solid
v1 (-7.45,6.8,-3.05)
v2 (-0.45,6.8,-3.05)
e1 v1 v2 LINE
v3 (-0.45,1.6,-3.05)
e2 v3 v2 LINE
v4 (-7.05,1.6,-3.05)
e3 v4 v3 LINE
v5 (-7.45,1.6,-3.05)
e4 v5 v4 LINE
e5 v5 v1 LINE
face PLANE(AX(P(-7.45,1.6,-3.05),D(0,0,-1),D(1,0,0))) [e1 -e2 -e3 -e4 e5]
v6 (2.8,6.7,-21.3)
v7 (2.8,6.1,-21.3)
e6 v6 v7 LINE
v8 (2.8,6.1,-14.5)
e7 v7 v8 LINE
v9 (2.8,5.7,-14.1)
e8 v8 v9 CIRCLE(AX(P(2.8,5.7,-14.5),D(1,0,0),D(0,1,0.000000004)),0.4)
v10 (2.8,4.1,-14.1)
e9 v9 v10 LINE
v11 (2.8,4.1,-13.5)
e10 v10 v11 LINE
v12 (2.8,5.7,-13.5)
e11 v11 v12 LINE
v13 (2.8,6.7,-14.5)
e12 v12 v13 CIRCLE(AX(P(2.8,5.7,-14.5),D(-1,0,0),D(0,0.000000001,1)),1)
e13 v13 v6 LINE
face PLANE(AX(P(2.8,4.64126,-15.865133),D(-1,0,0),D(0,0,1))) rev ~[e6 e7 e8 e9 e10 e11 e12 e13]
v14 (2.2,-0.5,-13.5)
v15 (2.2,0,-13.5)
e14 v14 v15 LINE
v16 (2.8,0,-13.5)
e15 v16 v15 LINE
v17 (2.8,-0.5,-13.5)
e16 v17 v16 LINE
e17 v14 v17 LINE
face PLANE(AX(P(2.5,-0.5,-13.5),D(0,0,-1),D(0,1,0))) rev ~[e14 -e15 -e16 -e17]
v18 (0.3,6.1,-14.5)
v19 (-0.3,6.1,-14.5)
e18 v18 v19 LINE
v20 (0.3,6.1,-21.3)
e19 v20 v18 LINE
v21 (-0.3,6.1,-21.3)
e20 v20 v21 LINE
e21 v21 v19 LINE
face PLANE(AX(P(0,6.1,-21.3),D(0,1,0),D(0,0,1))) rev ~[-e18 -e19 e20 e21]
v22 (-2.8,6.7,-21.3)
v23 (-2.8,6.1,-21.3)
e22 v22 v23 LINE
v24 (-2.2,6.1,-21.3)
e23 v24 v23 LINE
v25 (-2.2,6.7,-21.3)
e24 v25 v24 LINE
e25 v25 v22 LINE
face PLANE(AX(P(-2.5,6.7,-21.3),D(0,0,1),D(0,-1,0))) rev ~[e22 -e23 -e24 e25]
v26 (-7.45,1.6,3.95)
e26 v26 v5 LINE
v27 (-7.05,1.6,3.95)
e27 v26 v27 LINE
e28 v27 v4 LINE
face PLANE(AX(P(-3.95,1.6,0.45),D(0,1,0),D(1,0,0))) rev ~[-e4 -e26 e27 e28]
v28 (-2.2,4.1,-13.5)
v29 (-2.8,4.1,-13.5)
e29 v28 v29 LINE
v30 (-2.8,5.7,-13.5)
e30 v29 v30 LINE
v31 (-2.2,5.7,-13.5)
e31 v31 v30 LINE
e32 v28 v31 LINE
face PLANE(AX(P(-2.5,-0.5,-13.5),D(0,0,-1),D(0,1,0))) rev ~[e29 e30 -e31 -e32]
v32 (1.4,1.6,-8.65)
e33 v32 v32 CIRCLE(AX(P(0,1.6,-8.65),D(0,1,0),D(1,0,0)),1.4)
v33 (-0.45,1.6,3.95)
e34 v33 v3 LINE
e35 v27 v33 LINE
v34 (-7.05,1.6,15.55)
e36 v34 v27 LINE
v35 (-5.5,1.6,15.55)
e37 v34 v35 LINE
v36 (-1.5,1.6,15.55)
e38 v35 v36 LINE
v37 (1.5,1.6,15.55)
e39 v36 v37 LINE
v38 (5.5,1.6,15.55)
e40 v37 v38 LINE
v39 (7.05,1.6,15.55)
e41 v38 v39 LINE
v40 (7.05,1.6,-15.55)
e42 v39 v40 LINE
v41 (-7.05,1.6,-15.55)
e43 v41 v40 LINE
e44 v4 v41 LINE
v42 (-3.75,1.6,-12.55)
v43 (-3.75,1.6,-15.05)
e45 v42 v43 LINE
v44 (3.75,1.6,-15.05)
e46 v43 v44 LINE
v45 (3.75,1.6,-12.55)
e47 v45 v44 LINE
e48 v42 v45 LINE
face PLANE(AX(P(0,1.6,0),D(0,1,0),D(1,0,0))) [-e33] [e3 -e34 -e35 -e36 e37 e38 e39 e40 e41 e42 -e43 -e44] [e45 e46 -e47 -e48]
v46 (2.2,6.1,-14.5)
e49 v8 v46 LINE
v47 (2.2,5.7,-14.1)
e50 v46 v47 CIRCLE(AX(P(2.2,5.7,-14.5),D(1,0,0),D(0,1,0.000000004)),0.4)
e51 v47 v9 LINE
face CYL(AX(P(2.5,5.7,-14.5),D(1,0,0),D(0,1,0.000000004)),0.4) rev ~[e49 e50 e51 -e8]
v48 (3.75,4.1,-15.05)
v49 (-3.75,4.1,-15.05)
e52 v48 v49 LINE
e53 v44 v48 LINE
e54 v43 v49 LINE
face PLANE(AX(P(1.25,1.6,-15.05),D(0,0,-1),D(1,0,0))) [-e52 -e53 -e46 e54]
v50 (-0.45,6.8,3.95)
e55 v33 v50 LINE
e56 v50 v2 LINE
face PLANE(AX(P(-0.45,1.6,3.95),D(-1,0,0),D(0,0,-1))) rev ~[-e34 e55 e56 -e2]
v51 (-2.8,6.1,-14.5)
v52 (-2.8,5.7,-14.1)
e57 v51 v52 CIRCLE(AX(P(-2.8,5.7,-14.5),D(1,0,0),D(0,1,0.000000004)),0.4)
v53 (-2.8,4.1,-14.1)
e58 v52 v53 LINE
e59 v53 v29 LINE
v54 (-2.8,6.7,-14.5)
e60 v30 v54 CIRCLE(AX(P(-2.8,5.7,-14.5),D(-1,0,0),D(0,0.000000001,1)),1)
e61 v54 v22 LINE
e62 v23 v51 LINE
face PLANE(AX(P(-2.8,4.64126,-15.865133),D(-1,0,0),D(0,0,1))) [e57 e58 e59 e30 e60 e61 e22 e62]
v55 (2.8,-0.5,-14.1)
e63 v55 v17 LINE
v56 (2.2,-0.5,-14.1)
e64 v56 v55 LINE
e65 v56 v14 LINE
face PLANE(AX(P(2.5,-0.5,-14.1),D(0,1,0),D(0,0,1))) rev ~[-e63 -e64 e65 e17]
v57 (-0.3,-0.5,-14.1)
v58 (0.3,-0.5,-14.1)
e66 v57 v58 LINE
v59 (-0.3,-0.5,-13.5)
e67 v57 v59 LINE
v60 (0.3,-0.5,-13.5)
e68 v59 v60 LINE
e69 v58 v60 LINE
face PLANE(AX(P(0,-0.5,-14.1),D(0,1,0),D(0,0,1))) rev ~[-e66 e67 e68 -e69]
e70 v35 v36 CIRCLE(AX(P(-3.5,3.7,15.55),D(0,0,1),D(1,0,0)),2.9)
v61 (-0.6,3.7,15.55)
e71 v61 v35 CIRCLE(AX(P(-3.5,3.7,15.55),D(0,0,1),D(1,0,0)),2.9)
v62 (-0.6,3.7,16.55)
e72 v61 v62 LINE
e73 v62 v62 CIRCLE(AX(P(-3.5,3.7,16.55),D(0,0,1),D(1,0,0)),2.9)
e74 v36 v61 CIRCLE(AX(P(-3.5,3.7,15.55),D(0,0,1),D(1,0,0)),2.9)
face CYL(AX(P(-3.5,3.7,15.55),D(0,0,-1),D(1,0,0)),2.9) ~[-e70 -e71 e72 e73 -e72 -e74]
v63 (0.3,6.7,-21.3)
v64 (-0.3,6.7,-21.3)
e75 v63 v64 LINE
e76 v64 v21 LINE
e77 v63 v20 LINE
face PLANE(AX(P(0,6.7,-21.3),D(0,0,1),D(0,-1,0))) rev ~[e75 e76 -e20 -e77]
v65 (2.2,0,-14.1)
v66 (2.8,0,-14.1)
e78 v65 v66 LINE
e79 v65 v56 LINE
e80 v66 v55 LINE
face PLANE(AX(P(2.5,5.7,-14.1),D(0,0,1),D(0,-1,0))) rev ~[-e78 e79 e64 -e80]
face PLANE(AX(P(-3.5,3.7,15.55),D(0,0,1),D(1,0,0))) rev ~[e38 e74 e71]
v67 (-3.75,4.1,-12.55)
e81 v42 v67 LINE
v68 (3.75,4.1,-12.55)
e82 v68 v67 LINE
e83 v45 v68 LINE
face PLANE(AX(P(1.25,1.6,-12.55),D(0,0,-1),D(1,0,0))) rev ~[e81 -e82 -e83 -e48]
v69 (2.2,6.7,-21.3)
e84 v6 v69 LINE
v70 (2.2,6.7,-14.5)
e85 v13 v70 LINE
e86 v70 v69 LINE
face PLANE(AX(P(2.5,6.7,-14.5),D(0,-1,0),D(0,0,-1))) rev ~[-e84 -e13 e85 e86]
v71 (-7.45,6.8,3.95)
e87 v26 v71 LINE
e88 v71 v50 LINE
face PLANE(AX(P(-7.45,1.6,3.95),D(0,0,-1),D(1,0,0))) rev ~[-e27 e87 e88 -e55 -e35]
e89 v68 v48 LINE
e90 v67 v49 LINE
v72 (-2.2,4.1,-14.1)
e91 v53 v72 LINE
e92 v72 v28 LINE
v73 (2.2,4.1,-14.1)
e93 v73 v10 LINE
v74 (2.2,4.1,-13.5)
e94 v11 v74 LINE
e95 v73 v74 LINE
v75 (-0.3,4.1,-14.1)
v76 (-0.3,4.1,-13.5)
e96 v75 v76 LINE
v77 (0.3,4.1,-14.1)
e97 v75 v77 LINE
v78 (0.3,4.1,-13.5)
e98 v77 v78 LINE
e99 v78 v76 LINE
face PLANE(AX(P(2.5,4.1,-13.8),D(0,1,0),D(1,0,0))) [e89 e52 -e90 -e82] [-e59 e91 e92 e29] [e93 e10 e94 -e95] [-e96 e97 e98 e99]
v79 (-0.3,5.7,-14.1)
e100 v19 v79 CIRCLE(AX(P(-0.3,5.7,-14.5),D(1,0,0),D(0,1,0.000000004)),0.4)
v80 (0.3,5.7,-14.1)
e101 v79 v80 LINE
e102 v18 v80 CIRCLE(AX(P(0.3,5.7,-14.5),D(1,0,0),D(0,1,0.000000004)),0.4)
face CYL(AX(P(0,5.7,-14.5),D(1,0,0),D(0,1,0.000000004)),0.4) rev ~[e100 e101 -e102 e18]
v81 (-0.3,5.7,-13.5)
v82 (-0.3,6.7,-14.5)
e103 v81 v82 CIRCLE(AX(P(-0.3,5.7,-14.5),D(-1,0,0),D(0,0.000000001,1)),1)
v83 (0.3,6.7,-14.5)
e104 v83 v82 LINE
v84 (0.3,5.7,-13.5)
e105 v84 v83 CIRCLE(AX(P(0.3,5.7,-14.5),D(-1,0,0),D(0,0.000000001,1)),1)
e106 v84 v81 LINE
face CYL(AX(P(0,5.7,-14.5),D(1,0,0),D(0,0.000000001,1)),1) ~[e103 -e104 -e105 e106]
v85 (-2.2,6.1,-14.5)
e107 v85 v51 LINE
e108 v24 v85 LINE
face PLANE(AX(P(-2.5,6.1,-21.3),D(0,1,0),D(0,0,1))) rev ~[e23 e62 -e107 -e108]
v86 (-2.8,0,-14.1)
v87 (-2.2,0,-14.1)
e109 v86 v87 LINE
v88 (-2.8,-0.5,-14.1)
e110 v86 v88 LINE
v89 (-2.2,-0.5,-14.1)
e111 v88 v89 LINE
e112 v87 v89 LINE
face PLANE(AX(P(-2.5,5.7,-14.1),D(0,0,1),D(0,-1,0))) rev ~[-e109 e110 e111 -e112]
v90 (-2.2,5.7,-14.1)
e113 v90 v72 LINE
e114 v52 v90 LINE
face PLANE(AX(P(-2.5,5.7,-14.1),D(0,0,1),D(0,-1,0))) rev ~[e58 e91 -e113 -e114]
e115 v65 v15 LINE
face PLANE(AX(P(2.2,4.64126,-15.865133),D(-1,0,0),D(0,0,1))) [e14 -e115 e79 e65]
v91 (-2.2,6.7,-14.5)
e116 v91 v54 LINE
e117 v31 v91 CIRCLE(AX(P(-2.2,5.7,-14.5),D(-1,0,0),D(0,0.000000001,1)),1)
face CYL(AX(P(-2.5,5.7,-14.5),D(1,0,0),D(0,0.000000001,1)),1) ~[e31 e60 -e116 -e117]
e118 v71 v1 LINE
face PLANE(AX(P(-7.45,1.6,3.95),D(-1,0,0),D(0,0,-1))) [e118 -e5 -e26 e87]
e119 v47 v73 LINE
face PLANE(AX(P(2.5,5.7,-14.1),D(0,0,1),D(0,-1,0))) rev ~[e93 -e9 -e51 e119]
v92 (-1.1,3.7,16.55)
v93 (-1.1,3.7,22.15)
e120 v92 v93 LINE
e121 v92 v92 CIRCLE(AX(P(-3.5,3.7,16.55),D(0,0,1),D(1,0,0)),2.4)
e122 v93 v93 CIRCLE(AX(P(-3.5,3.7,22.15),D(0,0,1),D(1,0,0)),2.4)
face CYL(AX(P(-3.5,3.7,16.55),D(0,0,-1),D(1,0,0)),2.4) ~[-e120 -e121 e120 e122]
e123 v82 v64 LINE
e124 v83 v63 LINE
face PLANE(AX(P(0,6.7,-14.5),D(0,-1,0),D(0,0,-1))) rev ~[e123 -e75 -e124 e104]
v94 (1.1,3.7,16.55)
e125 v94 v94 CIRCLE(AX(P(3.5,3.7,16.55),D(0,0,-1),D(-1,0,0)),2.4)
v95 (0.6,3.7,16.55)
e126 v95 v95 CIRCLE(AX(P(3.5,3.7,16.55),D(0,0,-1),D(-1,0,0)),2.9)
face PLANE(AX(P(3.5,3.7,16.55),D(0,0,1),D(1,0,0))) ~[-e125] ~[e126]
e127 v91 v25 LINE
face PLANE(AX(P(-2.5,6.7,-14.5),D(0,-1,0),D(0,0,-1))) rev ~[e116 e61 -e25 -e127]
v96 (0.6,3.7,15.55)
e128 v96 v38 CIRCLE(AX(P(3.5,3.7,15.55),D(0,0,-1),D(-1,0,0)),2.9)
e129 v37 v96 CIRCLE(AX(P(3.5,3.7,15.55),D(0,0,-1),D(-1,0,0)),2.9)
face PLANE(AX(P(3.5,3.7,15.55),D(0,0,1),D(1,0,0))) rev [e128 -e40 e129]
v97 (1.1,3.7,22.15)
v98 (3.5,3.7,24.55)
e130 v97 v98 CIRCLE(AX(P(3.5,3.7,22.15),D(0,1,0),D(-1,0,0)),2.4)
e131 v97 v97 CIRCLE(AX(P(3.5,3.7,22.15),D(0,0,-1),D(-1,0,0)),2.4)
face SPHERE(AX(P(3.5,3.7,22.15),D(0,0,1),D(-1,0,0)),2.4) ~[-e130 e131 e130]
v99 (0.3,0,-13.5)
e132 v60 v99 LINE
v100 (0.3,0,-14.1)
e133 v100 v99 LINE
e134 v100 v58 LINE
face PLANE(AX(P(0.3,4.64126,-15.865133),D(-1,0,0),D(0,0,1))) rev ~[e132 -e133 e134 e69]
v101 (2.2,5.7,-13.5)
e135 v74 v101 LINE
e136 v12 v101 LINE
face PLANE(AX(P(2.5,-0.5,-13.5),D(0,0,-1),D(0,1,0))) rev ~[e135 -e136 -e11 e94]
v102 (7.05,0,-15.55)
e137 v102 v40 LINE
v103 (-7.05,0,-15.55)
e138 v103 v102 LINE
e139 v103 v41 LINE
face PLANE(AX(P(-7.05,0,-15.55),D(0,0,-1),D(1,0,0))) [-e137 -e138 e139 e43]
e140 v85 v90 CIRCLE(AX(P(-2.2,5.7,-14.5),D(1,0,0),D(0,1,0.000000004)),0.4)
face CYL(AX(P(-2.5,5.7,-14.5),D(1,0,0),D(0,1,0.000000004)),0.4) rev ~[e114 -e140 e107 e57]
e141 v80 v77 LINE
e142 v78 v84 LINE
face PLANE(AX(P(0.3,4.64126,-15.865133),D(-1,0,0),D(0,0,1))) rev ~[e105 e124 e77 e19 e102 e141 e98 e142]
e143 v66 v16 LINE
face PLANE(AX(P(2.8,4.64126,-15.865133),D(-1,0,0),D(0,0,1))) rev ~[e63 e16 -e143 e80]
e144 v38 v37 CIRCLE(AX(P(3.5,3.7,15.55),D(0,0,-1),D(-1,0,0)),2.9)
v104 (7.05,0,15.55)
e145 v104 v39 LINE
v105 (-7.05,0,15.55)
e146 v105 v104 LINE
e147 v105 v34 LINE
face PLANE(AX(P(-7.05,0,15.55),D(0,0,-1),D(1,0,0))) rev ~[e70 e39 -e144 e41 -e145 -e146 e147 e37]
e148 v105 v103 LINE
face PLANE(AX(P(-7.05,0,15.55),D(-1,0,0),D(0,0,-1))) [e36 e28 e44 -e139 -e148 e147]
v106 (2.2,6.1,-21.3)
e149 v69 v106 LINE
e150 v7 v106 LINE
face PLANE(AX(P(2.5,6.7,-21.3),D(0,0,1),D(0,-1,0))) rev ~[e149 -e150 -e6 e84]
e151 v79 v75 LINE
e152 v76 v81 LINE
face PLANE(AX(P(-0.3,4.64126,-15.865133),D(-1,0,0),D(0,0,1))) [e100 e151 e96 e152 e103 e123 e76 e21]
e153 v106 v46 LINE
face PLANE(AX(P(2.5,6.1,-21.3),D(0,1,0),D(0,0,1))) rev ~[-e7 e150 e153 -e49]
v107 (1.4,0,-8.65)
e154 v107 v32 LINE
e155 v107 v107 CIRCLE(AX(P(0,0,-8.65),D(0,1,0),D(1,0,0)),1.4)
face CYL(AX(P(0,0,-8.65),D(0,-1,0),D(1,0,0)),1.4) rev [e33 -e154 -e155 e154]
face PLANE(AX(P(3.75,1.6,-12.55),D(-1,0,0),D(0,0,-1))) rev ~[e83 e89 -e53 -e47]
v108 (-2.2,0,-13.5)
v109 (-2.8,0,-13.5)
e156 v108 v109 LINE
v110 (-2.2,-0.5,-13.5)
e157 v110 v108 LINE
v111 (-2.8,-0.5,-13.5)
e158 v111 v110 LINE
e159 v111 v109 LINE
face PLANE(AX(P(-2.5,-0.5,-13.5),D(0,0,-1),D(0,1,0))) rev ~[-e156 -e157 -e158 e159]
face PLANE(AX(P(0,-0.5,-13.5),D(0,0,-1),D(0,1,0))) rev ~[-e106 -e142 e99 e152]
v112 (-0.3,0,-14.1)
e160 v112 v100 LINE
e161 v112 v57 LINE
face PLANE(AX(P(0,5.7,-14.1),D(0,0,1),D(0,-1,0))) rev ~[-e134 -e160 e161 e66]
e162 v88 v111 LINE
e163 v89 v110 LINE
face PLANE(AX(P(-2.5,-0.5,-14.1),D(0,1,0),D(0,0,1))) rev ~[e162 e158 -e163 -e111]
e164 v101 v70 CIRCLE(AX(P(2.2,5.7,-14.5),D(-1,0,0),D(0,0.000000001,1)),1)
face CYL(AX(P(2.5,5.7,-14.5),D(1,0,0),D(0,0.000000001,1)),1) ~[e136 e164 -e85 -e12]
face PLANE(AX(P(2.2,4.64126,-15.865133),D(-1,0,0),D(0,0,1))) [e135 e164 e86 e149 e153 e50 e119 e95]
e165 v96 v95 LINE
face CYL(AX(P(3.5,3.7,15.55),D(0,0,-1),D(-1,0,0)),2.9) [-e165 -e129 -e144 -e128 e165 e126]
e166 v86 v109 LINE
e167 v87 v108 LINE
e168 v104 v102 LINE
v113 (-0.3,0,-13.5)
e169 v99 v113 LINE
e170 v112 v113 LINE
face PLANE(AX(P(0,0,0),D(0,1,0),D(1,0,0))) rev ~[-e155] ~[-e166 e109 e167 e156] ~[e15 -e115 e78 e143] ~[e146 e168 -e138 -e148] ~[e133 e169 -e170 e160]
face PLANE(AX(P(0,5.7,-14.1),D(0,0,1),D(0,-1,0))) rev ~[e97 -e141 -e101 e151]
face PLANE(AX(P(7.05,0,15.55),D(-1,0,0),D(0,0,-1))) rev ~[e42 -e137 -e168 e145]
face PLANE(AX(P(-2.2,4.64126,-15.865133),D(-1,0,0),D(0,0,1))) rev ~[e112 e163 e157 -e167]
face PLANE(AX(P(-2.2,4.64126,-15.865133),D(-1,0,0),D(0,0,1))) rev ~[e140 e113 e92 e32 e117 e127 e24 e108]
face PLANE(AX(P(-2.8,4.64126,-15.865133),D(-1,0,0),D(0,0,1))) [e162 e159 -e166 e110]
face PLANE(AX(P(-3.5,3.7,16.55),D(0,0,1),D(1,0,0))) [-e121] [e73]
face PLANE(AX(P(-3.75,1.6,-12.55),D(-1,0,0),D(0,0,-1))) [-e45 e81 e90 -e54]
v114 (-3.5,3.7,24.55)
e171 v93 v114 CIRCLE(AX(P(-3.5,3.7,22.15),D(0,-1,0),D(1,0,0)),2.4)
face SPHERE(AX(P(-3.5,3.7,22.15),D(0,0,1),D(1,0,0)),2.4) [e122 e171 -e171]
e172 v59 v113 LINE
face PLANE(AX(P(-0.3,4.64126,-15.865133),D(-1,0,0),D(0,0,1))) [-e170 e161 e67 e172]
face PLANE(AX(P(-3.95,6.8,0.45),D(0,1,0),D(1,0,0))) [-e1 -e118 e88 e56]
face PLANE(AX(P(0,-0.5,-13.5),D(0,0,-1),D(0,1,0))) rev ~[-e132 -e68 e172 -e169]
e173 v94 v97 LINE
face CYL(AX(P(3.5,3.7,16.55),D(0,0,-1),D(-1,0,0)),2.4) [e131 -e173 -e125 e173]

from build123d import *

# Parameters (mm, degrees)
SKETCH_1_W                 = 14.1
SKETCH_1_H                 = 31.1
SKETCH_1_R                 = 1.4
EXTRUDE_1_DEPTH            = 1.6
SKETCH_2_R                 = 2.9
EXTRUDE_2_DEPTH            = 1
SKETCH_3_R                 = 2.4
EXTRUDE_3_DEPTH            = 8
FILLET_1_R                 = 2.4
FILLET_1_OF_MIRROR_1_R     = 2.4
SKETCH_4_W                 = 7
SKETCH_4_H                 = 7
EXTRUDE_4_DEPTH            = 5.2
SKETCH_5_W                 = 2.5
SKETCH_5_H                 = 2.5
EXTRUDE_5_DEPTH            = 2.5
EXTRUDE_6_DEPTH            = 0.3
PATTERN_LINEAR_1_COUNT     = 2
PATTERN_LINEAR_1_PITCH     = 2.5
PATTERN_LINEAR_1_COL_COUNT = 2
PATTERN_LINEAR_1_COL_PITCH = 2.5


with BuildPart() as part:
    # 草图1 → 凸台-拉伸1 (new body)
    with BuildSketch(Plane(origin=(0, 0, 0), x_dir=(1, 0, 0), z_dir=(0, 1, 0))):
        Rectangle(SKETCH_1_W, SKETCH_1_H)
        with Locations((0, 8.65)):
            Circle(SKETCH_1_R, mode=Mode.SUBTRACT)
    extrude(amount=EXTRUDE_1_DEPTH)

    # 草图2 → 凸台-拉伸2 (add)
    with BuildSketch(Plane.XY.offset(15.55)):
        with Locations((-3.5, 3.7)):
            Circle(SKETCH_2_R)
    extrude_2 = extrude(amount=EXTRUDE_2_DEPTH)

    # 草图3 → 凸台-拉伸3 (add)
    with BuildSketch(Plane.XY.offset(16.55)):
        with Locations((-3.5, 3.7)):
            Circle(SKETCH_3_R)
    extrude_3 = extrude(amount=EXTRUDE_3_DEPTH)

    # 圆角1
    fillet_1_edges = [part.edges().sort_by_distance(p)[0] for p in [
        (-5.9, 3.7, 24.55),
    ]]
    fillet(fillet_1_edges, radius=FILLET_1_R)

    # 镜向1: 凸台-拉伸2, 凸台-拉伸3 across plane
    add(extrude_2.mirror(Plane(origin=(0, 0, 0), x_dir=(0, 0, 1), z_dir=(1, 0, 0))))
    add(extrude_3.mirror(Plane(origin=(0, 0, 0), x_dir=(0, 0, 1), z_dir=(1, 0, 0))))

    # 圆角1 of 镜向1
    fillet_1_of_mirror_1_edges = [part.edges().sort_by_distance(p)[0] for p in [
        (5.9, 3.7, 24.55),
    ]]
    fillet(fillet_1_of_mirror_1_edges, radius=FILLET_1_OF_MIRROR_1_R)

    # 草图4 → 凸台-拉伸4 (add)
    with BuildSketch(Plane(origin=(0, 1.6, 0), x_dir=(1, 0, 0), z_dir=(0, 1, 0))):
        with Locations((-3.95, -0.45)):
            Rectangle(SKETCH_4_W, SKETCH_4_H)
    extrude(amount=EXTRUDE_4_DEPTH)

    # 草图5 → 凸台-拉伸5 (add)
    with BuildSketch(Plane(origin=(0, 1.6, 0), x_dir=(1, 0, 0), z_dir=(0, 1, 0))):
        with Locations((0, 13.8)):
            Rectangle(SKETCH_5_W, SKETCH_5_H)
    extrude_5 = extrude(amount=EXTRUDE_5_DEPTH)

    # 草图6 → 凸台-拉伸6 (add, symmetric)
    with BuildSketch(Plane(origin=(0, 0, 0), x_dir=(0, 0, -1), z_dir=(1, 0, 0))):
        with BuildLine():
            Line((13.5, -0.5), (13.5, 5.7))
            ThreePointArc((13.5, 5.7), (13.792893219, 6.407106781), (14.5, 6.7))
            Line((14.5, 6.7), (21.3, 6.7))
            Line((21.3, 6.7), (21.3, 6.1))
            Line((21.3, 6.1), (14.5, 6.1))
            ThreePointArc((14.5, 6.1), (14.217157288, 5.982842712), (14.1, 5.7))
            Line((14.1, 5.7), (14.1, -0.5))
            Line((14.1, -0.5), (13.5, -0.5))
        make_face()
    extrude_6 = extrude(amount=EXTRUDE_6_DEPTH, both=True)

    # 阵列(线性)1: 凸台-拉伸5, 凸台-拉伸6 ×2
    with Locations(*[(-i * PATTERN_LINEAR_1_PITCH, 0, 0) for i in range(1, PATTERN_LINEAR_1_COUNT)]):
        add(extrude_5)
        add(extrude_6)

    # 阵列(线性)1 col: 凸台-拉伸5, 凸台-拉伸6 ×2
    with Locations(*[(i * PATTERN_LINEAR_1_COL_PITCH, 0, 0) for i in range(1, PATTERN_LINEAR_1_COL_COUNT)]):
        add(extrude_5)
        add(extrude_6)


solid = part.part
